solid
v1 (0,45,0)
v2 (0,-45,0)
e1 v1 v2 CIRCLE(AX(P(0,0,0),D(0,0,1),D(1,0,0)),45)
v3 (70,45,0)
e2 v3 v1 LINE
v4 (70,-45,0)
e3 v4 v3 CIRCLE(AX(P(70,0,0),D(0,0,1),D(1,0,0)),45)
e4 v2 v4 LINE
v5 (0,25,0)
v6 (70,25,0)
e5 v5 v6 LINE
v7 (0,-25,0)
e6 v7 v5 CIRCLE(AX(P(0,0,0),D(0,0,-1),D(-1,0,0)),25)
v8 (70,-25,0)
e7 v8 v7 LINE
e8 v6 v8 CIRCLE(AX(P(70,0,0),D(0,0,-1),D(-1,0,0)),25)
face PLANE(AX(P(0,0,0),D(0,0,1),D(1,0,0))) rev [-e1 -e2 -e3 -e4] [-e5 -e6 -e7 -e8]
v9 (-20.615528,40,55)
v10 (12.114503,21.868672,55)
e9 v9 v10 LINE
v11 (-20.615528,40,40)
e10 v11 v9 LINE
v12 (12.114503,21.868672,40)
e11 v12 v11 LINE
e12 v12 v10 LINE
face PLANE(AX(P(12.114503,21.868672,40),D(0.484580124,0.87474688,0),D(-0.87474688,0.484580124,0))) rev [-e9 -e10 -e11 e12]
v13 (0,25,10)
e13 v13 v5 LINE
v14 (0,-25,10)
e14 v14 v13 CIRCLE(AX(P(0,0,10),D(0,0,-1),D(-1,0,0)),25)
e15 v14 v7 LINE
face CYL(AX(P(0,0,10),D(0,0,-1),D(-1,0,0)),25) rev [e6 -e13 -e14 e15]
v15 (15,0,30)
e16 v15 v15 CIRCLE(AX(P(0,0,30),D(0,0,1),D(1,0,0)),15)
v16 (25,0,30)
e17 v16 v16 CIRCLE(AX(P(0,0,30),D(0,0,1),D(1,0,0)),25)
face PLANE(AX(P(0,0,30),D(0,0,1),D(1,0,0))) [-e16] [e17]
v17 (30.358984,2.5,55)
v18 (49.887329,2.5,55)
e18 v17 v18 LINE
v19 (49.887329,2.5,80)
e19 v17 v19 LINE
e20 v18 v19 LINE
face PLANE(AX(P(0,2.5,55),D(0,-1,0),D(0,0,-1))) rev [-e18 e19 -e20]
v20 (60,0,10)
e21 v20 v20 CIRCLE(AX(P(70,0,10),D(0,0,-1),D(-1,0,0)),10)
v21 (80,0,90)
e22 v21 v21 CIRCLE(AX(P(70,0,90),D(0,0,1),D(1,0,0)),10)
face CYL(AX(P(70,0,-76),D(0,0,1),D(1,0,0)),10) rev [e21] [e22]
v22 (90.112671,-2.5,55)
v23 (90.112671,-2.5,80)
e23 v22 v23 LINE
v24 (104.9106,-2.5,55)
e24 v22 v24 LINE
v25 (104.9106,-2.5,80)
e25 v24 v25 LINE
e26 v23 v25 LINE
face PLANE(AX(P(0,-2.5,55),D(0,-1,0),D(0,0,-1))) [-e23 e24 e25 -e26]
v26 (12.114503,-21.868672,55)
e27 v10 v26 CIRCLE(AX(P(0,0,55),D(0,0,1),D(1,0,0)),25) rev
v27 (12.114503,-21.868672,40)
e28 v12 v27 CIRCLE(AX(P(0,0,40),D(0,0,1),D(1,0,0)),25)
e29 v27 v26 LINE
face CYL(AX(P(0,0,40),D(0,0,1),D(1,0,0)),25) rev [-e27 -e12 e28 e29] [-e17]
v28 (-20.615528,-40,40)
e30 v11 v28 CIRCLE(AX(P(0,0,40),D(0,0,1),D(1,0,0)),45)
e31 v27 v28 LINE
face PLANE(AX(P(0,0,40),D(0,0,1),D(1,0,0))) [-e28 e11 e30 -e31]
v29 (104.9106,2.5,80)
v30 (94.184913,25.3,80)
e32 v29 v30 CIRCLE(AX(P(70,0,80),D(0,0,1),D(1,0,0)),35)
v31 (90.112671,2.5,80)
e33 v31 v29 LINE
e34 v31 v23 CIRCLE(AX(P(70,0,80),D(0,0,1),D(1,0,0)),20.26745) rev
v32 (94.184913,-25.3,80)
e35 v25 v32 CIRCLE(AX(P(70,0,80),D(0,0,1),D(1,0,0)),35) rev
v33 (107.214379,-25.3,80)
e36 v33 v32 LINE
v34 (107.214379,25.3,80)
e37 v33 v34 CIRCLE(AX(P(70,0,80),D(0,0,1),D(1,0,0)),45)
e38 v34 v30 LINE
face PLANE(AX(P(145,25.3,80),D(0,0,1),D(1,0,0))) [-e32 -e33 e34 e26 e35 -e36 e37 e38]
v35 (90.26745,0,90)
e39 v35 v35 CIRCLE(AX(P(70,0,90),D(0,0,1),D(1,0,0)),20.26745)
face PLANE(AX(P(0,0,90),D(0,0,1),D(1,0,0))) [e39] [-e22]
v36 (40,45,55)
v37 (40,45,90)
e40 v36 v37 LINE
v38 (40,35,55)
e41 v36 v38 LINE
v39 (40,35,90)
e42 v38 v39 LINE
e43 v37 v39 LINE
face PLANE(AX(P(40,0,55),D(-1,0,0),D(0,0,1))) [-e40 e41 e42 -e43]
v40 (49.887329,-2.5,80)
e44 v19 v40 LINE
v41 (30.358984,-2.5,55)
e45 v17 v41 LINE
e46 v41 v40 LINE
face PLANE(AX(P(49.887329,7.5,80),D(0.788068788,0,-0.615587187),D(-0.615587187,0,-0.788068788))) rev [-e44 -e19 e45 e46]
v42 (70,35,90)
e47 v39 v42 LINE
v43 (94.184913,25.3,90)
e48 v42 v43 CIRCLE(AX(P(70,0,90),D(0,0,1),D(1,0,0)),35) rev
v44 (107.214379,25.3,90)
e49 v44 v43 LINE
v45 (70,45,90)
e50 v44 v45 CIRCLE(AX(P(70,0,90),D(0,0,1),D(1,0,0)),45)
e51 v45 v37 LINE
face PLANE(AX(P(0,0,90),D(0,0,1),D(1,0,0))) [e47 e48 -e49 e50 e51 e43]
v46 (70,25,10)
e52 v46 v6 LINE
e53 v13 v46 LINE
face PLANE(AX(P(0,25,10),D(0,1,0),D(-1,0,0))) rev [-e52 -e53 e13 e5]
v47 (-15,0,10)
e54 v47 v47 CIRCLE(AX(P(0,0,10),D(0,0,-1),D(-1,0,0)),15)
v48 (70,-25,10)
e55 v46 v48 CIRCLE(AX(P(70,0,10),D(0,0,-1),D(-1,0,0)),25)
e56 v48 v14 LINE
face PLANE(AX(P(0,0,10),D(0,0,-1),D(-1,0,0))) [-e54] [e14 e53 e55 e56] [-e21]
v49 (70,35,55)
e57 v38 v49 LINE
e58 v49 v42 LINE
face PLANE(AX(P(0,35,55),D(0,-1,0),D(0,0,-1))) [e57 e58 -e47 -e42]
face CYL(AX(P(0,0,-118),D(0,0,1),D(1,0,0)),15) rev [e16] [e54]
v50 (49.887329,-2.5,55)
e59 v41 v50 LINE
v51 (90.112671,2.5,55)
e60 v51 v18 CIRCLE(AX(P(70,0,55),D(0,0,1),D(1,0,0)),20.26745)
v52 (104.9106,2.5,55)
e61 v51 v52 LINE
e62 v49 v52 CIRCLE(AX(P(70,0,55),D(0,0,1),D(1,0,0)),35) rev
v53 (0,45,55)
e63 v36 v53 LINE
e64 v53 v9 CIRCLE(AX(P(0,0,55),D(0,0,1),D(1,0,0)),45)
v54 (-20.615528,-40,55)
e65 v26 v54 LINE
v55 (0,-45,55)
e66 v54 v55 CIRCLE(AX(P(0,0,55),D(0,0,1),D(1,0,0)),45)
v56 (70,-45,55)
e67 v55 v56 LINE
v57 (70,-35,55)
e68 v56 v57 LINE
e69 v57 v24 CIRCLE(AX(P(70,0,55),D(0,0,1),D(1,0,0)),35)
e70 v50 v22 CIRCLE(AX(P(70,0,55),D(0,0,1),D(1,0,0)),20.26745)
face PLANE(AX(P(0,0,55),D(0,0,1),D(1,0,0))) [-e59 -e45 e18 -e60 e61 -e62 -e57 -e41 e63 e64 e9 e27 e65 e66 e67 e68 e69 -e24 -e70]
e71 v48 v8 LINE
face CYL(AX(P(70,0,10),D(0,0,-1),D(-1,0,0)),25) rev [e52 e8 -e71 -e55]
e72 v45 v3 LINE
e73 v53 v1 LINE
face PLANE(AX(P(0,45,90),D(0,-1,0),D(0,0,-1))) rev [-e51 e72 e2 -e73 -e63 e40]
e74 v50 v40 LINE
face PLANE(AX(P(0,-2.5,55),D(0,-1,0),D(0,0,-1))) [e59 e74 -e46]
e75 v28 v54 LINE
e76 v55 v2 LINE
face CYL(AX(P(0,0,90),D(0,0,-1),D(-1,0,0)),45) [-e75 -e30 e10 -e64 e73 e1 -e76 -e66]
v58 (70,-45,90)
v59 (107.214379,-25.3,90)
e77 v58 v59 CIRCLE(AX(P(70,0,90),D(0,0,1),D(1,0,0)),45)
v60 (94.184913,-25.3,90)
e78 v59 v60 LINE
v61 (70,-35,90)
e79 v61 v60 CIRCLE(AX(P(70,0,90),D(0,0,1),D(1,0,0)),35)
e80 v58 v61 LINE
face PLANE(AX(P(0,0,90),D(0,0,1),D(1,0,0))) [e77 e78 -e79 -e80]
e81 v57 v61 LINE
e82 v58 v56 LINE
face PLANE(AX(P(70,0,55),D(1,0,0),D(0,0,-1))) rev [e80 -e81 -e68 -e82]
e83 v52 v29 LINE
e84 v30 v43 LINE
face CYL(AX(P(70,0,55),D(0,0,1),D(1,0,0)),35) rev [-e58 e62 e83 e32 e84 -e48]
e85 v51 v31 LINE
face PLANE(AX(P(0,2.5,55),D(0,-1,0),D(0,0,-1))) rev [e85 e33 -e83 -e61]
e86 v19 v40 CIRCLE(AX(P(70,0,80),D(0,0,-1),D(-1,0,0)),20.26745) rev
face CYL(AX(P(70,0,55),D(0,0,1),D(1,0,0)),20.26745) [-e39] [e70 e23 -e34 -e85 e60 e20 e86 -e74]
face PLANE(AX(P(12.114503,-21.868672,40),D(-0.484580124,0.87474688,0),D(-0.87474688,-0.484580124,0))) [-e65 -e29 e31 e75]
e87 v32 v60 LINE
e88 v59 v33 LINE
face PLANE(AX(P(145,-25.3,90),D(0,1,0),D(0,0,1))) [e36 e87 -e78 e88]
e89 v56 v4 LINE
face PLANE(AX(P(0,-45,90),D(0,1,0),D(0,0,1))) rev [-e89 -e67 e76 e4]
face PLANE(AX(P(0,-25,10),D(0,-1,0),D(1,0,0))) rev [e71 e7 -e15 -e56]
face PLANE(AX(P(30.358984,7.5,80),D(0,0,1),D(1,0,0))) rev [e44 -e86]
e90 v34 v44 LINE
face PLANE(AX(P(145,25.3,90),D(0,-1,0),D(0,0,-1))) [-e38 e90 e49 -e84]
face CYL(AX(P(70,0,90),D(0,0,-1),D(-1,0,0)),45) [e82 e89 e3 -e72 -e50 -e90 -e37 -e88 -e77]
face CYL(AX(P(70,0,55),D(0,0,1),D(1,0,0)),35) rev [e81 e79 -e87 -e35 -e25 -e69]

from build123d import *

# Parameters (mm, degrees)
BOSS_EXTRUDE1_DEPTH = 90
CUT_EXTRUDE1_DEPTH  = 10
SKETCH3_R           = 10
CUT_EXTRUDE2_DEPTH  = 166
SKETCH4_R           = 25
CUT_EXTRUDE3_DEPTH  = 50
SKETCH5_R           = 25
CUT_EXTRUDE4_DEPTH  = 10
SKETCH6_R           = 15
CUT_EXTRUDE5_DEPTH  = 148
CUT_EXTRUDE6_DEPTH  = 35
SKETCH8_W           = 10
SKETCH8_H           = 5
CUT_EXTRUDE7_DEPTH  = 145
SKETCH9_W           = 20
SKETCH9_H           = 10
BOSS_EXTRUDE2_DEPTH = 25
CUT_EXTRUDE8_DEPTH  = 10
CUT_EXTRUDE9_DEPTH  = 25
CUT_EXTRUDE10_DEPTH = 25
CUT_EXTRUDE11_DEPTH = 10


with BuildPart() as part:
    # Sketch1 → Boss-Extrude1 (new body)
    with BuildSketch(Plane.XY):
        with BuildLine():
            Line((0, 45), (70, 45))
            ThreePointArc((70, 45), (115, 0), (70, -45))
            Line((70, -45), (0, -45))
            ThreePointArc((0, -45), (-45, 0), (0, 45))
        make_face()
    extrude(amount=BOSS_EXTRUDE1_DEPTH)

    # Sketch2 → Cut-Extrude1 (cut)
    with BuildSketch(Plane(origin=(0, 0, 0), x_dir=(-1, 0, 0), z_dir=(0, 0, -1))):
        with BuildLine():
            Line((0, -25), (-70, -25))
            ThreePointArc((-70, -25), (-95, 0), (-70, 25))
            Line((-70, 25), (0, 25))
            ThreePointArc((0, 25), (25, 0), (0, -25))
        make_face()
    extrude(amount=-CUT_EXTRUDE1_DEPTH, mode=Mode.SUBTRACT)

    # Sketch3 → Cut-Extrude2 (cut)
    with BuildSketch(Plane.XY.offset(90)):
        with Locations((70, 0)):
            Circle(SKETCH3_R)
    extrude(amount=-CUT_EXTRUDE2_DEPTH, mode=Mode.SUBTRACT)

    # Sketch4 → Cut-Extrude3 (cut)
    with BuildSketch(Plane.XY.offset(90)):
        with BuildLine():
            ThreePointArc((12.114503105, -21.868671988), (-25, 0), (12.114503105, 21.868671988))
            Line((12.114503105, 21.868671988), (-20.615528128, 40))
            ThreePointArc((-20.615528128, 40), (-45, 0), (-20.615528128, -40))
            Line((-20.615528128, -40), (12.114503105, -21.868671988))
        make_face()
        Circle(SKETCH4_R)
    extrude(amount=-CUT_EXTRUDE3_DEPTH, mode=Mode.SUBTRACT)

    # Sketch5 → Cut-Extrude4 (cut)
    with BuildSketch(Plane.XY.offset(40)):
        Circle(SKETCH5_R)
    extrude(amount=-CUT_EXTRUDE4_DEPTH, mode=Mode.SUBTRACT)

    # Sketch6 → Cut-Extrude5 (cut)
    with BuildSketch(Plane.XY.offset(30)):
        Circle(SKETCH6_R)
    extrude(amount=-CUT_EXTRUDE5_DEPTH, mode=Mode.SUBTRACT)

    # Sketch7 → Cut-Extrude6 (cut)
    with BuildSketch(Plane.XY.offset(90)):
        with BuildLine():
            Line((40, 45), (0, 45))
            ThreePointArc((0, 45), (-10.606601718, 43.732139211), (-20.615528128, 40))
            Line((-20.615528128, 40), (12.114503105, 21.868671988))
            ThreePointArc((12.114503105, 21.868671988), (25, 0), (12.114503105, -21.868671988))
            Line((12.114503105, -21.868671988), (-20.615528128, -40))
            ThreePointArc((-20.615528128, -40), (-10.606601718, -43.732139211), (0, -45))
            Line((0, -45), (70, -45))
            Line((70, -45), (70, -35))
            ThreePointArc((70, -35), (92.912878475, -26.457513111), (104.641016151, -5))
            Line((104.641016151, -5), (89.641016151, -5))
            ThreePointArc((89.641016151, -5), (49.732550346, 0), (89.641016151, 5))
            Line((89.641016151, 5), (104.641016151, 5))
            ThreePointArc((104.641016151, 5), (92.912878475, 26.457513111), (70, 35))
            Line((70, 35), (40, 35))
            Line((40, 35), (40, 45))
        make_face()
    extrude(amount=-CUT_EXTRUDE6_DEPTH, mode=Mode.SUBTRACT)

    # Sketch8 → Cut-Extrude7 (cut)
    with BuildSketch(Plane(origin=(0, 0, 0), x_dir=(0, 0, -1), z_dir=(1, 0, 0))):
        with Locations((-85, 22.8)):
            Rectangle(SKETCH8_W, SKETCH8_H)
        with Locations((-85, -22.8)):
            Rectangle(SKETCH8_W, SKETCH8_H)
    extrude(amount=CUT_EXTRUDE7_DEPTH, mode=Mode.SUBTRACT)

    # Sketch9 → Boss-Extrude2 (add)
    with BuildSketch(Plane.XY.offset(55)):
        with Locations((40.358983849, 0)):
            Rectangle(SKETCH9_W, SKETCH9_H)
    extrude(amount=BOSS_EXTRUDE2_DEPTH)

    # Sketch10 → Cut-Extrude8 (cut)
    with BuildSketch(Plane.XY.offset(90)):
        with BuildLine():
            Line((89.641016151, 5), (104.641016151, 5))
            ThreePointArc((104.641016151, 5), (102.489767507, 13.015952033), (98.511576596, 20.3))
            Line((98.511576596, 20.3), (110.161050783, 20.3))
            ThreePointArc((110.161050783, 20.3), (115, 0), (110.161050783, -20.3))
            Line((110.161050783, -20.3), (98.511576596, -20.3))
            ThreePointArc((98.511576596, -20.3), (102.489767507, -13.015952033), (104.641016151, -5))
            Line((104.641016151, -5), (89.641016151, -5))
            ThreePointArc((89.641016151, -5), (90.267449654, 0), (89.641016151, 5))
        make_face()
    extrude(amount=-CUT_EXTRUDE8_DEPTH, mode=Mode.SUBTRACT)

    # Sketch11 → Cut-Extrude9 (cut)
    with BuildSketch(Plane.XY.offset(80)):
        with BuildLine():
            Line((49.88732948, -2.5), (30.358983849, -2.5))
            Line((30.358983849, -2.5), (30.358983849, -5))
            Line((30.358983849, -5), (50.358983849, -5))
            ThreePointArc((50.358983849, -5), (50.083890917, -3.757407944), (49.88732948, -2.5))
        make_face()
        with BuildLine():
            Line((50.358983849, 5), (30.358983849, 5))
            Line((30.358983849, 5), (30.358983849, 2.5))
            Line((30.358983849, 2.5), (49.88732948, 2.5))
            ThreePointArc((49.88732948, 2.5), (50.083890917, 3.757407944), (50.358983849, 5))
        make_face()
    extrude(amount=-CUT_EXTRUDE9_DEPTH, mode=Mode.SUBTRACT)

    # Sketch12 → Cut-Extrude10 (cut)
    with BuildSketch(Plane.XY.offset(80)):
        with BuildLine():
            Line((104.910600109, -2.5), (90.11267052, -2.5))
            ThreePointArc((90.11267052, -2.5), (89.916109083, -3.757407944), (89.641016151, -5))
            Line((89.641016151, -5), (104.641016151, -5))
            ThreePointArc((104.641016151, -5), (104.798266209, -3.752421735), (104.910600109, -2.5))
        make_face()
        with BuildLine():
            Line((104.641016151, 5), (89.641016151, 5))
            ThreePointArc((89.641016151, 5), (89.916109083, 3.757407944), (90.11267052, 2.5))
            Line((90.11267052, 2.5), (104.910600109, 2.5))
            ThreePointArc((104.910600109, 2.5), (104.798266209, 3.752421735), (104.641016151, 5))
        make_face()
    extrude(amount=-CUT_EXTRUDE10_DEPTH, mode=Mode.SUBTRACT)

    # Sketch13 → Cut-Extrude11 (cut)
    with BuildSketch(Plane.XZ.offset(2.5)):
        Polygon((49.88732948, 80), (30.358983849, 55), (30.358983849, 80), align=None)
    extrude(amount=-CUT_EXTRUDE11_DEPTH, mode=Mode.SUBTRACT)


solid = part.part
